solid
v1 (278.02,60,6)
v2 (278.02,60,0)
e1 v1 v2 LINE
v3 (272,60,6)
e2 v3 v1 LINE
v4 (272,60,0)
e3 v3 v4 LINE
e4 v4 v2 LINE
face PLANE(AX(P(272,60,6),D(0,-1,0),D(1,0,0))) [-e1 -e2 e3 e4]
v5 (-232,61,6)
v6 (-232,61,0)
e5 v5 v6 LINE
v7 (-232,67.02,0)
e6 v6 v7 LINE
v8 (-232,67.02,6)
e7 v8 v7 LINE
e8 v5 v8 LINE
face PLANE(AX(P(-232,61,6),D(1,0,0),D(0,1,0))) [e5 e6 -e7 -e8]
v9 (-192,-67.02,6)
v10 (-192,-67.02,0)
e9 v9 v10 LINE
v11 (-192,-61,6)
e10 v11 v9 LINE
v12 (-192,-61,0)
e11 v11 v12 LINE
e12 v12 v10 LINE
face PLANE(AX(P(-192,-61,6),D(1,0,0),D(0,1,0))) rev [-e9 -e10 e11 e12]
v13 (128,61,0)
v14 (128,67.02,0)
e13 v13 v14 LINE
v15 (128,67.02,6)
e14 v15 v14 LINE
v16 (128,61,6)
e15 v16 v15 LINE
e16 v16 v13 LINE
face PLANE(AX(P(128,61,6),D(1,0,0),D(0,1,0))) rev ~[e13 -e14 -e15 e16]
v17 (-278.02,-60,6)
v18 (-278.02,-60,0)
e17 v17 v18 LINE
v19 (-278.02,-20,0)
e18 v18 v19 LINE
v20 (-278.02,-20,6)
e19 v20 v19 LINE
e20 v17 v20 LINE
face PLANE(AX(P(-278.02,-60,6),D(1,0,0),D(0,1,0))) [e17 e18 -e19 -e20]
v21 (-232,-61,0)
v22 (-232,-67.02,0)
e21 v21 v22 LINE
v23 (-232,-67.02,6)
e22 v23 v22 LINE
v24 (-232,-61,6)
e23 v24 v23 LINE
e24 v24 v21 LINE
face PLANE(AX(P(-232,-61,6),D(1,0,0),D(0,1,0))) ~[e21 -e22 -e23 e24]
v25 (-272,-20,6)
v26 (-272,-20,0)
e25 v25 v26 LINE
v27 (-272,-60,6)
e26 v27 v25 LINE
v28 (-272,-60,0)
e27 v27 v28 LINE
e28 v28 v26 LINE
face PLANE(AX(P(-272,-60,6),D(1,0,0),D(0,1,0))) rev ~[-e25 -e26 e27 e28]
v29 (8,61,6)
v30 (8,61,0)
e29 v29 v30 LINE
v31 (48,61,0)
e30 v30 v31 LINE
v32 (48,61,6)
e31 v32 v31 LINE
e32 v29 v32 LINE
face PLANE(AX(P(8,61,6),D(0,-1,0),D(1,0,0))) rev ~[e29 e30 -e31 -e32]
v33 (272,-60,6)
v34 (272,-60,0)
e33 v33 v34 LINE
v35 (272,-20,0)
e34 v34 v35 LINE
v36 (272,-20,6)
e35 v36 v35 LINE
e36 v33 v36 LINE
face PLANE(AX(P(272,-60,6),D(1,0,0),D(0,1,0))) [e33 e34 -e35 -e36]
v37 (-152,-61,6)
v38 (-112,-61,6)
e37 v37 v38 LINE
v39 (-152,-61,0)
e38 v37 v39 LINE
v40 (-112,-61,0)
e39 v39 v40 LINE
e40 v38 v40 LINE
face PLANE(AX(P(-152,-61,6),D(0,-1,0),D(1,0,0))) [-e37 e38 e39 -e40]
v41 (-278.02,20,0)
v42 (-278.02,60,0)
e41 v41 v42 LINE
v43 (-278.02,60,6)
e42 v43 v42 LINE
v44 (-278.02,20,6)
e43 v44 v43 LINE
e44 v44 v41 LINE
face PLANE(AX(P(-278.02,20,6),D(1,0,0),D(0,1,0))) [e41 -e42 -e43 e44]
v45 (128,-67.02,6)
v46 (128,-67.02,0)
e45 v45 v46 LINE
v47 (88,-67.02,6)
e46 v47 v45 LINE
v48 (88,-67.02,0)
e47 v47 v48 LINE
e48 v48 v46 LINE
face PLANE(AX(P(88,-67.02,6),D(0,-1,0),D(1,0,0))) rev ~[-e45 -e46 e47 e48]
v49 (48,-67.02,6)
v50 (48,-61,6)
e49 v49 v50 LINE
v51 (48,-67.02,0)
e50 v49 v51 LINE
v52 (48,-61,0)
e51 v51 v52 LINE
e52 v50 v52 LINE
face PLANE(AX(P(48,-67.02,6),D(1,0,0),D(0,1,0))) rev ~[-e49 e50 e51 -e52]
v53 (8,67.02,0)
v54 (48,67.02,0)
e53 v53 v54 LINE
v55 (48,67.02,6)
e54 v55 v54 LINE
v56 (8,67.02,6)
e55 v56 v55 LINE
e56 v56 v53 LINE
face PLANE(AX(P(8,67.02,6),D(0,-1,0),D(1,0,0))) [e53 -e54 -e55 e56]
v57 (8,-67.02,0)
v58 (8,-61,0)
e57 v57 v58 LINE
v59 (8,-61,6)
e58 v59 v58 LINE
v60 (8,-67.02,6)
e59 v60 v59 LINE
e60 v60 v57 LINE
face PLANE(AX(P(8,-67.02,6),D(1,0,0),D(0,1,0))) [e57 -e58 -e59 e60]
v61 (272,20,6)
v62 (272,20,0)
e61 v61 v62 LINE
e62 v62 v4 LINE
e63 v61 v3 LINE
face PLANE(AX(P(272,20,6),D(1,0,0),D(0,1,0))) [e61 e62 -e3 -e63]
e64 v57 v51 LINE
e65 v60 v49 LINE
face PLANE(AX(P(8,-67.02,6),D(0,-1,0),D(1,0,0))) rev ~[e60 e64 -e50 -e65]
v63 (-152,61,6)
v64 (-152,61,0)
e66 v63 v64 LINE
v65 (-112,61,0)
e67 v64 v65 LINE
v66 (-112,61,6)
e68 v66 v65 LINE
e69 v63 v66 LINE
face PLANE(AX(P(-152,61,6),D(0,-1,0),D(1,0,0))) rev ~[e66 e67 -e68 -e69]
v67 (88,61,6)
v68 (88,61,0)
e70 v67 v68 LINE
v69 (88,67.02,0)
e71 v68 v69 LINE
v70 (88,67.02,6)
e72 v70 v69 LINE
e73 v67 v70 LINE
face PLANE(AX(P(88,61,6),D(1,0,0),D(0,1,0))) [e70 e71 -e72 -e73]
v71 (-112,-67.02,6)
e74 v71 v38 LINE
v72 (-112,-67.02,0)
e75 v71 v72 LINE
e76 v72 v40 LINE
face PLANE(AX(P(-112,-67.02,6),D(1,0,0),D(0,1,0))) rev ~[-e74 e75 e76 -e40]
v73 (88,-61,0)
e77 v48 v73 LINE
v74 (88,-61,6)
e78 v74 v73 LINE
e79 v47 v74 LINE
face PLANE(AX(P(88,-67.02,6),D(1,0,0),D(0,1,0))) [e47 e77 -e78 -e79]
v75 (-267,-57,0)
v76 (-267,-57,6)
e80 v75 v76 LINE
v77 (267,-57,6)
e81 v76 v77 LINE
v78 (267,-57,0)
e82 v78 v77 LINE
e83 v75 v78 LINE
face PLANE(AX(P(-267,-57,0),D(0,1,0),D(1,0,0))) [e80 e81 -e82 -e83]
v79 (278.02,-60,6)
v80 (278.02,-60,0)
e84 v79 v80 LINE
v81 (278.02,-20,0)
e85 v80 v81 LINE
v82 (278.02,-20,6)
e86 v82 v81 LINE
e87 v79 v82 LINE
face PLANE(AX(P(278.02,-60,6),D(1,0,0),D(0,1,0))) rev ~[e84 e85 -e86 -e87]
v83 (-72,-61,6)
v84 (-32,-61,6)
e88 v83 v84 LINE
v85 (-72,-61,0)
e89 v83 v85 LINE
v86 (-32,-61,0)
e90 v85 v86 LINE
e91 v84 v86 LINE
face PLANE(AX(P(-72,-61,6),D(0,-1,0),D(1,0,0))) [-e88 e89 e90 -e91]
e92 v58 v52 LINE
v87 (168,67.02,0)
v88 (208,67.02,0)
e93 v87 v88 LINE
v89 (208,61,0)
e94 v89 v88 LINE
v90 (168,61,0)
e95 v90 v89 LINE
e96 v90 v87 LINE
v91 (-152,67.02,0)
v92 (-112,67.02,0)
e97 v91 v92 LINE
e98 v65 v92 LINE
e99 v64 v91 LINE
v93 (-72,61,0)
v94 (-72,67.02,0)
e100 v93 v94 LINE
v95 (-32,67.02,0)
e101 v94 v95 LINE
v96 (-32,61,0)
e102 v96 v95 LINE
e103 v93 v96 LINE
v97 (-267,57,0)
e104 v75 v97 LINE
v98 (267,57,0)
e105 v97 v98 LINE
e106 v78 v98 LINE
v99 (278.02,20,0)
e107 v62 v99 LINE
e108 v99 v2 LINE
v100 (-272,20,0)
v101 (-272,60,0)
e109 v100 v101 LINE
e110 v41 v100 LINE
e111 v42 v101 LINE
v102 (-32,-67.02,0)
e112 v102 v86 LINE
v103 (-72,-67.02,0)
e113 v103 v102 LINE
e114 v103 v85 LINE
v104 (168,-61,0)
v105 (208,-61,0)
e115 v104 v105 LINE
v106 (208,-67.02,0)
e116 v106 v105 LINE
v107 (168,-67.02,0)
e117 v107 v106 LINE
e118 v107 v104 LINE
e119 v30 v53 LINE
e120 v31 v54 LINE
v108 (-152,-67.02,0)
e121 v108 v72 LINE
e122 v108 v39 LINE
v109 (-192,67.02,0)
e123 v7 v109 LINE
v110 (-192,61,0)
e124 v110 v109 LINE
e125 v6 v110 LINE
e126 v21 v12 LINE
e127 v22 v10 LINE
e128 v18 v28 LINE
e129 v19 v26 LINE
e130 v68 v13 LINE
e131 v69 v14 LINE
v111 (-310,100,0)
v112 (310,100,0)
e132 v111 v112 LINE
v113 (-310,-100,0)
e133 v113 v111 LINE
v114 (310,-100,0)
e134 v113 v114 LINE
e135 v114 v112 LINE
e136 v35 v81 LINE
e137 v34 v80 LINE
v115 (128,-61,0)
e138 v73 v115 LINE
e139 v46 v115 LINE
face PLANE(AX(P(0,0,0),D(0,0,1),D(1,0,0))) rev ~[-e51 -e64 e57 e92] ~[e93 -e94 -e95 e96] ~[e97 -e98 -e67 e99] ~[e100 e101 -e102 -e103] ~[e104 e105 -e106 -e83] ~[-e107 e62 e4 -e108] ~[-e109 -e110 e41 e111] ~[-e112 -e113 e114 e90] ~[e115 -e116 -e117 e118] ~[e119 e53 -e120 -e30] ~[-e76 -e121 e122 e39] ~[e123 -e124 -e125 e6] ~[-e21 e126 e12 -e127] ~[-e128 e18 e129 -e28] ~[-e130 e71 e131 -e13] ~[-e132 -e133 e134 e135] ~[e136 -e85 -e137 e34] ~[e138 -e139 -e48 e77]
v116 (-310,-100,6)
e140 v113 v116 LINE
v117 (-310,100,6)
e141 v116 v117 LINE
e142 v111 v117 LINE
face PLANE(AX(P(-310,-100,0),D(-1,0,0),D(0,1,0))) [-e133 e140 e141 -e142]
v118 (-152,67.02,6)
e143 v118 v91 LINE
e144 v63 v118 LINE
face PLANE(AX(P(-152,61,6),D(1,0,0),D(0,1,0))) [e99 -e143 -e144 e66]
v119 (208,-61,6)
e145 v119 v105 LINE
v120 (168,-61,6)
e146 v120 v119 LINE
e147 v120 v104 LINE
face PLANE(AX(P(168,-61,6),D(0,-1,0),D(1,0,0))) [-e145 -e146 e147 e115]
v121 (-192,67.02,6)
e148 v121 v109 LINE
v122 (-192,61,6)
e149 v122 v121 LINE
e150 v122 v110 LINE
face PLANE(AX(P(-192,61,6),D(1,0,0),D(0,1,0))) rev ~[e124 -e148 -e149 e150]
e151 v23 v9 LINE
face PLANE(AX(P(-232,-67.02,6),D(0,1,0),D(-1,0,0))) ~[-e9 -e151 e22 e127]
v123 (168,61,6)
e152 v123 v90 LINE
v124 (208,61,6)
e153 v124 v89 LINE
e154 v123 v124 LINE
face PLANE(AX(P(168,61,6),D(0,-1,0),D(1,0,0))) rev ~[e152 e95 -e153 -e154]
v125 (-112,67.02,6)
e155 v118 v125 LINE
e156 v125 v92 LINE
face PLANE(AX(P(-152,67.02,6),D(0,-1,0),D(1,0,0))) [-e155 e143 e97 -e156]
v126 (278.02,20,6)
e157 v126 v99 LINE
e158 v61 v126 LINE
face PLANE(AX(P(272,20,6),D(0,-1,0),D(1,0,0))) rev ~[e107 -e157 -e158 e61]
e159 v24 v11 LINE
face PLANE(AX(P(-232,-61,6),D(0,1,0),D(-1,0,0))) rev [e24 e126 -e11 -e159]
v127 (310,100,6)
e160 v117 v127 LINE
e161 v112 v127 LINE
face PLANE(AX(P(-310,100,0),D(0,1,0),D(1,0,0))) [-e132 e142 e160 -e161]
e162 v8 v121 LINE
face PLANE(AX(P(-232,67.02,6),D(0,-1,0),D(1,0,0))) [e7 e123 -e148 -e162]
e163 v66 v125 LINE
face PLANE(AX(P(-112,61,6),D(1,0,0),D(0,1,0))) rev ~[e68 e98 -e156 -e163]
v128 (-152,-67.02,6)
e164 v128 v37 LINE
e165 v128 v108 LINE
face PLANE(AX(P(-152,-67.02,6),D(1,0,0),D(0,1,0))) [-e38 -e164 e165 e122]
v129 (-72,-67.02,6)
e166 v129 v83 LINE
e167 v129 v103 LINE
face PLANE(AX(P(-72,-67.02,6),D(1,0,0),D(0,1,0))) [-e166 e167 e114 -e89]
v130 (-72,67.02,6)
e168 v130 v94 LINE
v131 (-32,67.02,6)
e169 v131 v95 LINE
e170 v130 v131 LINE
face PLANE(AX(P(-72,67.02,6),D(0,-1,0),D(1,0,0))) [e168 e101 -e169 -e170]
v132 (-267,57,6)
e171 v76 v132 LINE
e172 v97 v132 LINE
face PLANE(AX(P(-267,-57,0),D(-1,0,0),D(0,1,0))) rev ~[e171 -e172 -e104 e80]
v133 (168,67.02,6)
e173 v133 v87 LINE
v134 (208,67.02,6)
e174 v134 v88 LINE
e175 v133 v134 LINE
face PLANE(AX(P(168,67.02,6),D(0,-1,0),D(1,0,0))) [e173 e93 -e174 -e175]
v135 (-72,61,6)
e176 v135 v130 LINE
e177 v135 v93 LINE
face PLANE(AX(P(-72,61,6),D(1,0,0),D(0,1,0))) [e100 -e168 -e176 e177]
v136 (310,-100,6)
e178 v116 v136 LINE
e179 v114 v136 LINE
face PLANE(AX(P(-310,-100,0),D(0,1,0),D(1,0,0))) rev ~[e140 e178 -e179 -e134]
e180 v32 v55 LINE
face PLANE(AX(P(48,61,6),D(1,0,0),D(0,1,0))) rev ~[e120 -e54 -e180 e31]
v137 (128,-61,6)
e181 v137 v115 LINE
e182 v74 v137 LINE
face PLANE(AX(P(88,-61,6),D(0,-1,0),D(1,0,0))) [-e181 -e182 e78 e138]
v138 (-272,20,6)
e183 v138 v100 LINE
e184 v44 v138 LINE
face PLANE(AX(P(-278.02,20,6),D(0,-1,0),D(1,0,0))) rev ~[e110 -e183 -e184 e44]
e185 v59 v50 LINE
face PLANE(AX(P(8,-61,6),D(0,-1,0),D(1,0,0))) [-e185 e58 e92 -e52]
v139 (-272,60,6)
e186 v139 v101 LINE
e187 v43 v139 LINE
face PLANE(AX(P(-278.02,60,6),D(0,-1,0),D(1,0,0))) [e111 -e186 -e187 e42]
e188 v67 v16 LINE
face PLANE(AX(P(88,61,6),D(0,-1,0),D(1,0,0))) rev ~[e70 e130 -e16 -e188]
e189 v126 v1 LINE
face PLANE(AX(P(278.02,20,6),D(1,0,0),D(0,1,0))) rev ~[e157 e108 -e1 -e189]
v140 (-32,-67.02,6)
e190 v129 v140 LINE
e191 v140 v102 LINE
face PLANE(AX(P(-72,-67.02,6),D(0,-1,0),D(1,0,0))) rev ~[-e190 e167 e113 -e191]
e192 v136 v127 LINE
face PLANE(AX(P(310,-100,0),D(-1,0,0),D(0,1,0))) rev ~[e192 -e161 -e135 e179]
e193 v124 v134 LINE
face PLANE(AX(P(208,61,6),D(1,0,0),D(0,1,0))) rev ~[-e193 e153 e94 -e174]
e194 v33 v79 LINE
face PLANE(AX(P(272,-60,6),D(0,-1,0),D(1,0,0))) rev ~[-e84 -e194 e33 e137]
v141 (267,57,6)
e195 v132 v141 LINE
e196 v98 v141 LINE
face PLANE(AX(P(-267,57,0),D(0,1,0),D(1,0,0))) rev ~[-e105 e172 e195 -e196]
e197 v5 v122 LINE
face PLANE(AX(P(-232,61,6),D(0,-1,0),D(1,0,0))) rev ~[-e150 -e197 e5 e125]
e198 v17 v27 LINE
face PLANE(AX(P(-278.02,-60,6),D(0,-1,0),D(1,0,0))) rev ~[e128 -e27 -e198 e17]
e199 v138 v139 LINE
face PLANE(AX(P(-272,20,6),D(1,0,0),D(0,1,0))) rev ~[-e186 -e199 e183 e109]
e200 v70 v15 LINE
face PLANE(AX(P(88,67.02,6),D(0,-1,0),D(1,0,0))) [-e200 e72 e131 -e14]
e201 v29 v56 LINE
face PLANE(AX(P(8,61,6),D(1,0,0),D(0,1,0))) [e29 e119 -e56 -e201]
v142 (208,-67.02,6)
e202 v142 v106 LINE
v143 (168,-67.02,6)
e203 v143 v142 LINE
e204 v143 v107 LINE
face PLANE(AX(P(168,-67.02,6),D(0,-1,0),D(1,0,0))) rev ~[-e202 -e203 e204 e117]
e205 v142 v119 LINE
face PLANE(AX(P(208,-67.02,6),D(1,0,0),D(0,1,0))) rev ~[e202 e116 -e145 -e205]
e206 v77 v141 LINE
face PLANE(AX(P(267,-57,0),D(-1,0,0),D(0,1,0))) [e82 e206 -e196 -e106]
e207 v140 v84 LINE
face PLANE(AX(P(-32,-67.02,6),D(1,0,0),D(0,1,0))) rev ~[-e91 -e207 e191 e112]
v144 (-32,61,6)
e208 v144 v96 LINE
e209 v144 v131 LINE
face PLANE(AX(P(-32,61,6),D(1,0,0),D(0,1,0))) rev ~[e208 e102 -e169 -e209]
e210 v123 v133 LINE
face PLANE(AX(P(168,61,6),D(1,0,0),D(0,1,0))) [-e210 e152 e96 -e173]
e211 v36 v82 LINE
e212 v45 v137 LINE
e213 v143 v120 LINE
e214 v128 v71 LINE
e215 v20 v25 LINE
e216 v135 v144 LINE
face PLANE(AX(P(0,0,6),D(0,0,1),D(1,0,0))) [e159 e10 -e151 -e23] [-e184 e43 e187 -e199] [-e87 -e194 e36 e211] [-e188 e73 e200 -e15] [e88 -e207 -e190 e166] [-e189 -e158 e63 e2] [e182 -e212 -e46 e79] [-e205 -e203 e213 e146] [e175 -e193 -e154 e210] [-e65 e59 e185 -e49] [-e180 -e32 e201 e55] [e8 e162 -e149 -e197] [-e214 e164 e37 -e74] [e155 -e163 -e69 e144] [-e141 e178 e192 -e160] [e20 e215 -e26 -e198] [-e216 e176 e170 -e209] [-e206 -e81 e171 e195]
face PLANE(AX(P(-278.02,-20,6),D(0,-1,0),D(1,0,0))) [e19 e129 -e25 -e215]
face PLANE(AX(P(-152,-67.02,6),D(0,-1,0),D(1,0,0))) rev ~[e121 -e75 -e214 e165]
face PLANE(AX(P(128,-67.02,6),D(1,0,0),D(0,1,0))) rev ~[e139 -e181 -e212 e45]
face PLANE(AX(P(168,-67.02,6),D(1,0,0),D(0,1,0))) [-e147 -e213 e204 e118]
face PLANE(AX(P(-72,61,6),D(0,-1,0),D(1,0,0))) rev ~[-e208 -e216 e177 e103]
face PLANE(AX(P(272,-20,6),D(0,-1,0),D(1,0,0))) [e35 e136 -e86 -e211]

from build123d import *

# Parameters (mm, degrees)
CROQUIS1_W                = 620
CROQUIS1_H                = 200
CROQUIS1_W_2              = 534
CROQUIS1_H_2              = 114
SALIENTE_EXTRUIR1_DEPTH   = 6
CROQUIS2_W                = 6.02
CROQUIS2_H                = 40
CORTAR_EXTRUIR1_DEPTH     = 6
CROQUIS3_W                = 40
CROQUIS3_H                = 6.02
CORTAR_EXTRUIR2_DEPTH     = 6
MATRIZL1_COUNT            = 6
MATRIZL1_PITCH            = 80
SIMETR_A1_COPY_1_SKETCH_W = 40
SIMETR_A1_COPY_1_SKETCH_H = 6.02
SIMETR_A1_COPY_1_DEPTH    = 6
SIMETR_A1_COPY_2_SKETCH_W = 40
SIMETR_A1_COPY_2_SKETCH_H = 6.02
SIMETR_A1_COPY_2_DEPTH    = 6
SIMETR_A1_COPY_3_SKETCH_W = 40
SIMETR_A1_COPY_3_SKETCH_H = 6.02
SIMETR_A1_COPY_3_DEPTH    = 6
SIMETR_A1_COPY_4_SKETCH_W = 40
SIMETR_A1_COPY_4_SKETCH_H = 6.02
SIMETR_A1_COPY_4_DEPTH    = 6
SIMETR_A1_COPY_5_SKETCH_W = 40
SIMETR_A1_COPY_5_SKETCH_H = 6.02
SIMETR_A1_COPY_5_DEPTH    = 6


with BuildPart() as part:
    # Croquis1 → Saliente-Extruir1 (new body)
    with BuildSketch(Plane.XY):
        Rectangle(CROQUIS1_W, CROQUIS1_H)
        Rectangle(CROQUIS1_W_2, CROQUIS1_H_2, mode=Mode.SUBTRACT)
    extrude(amount=SALIENTE_EXTRUIR1_DEPTH)

    # Croquis2 → Cortar-Extruir1 (cut)
    with BuildSketch(Plane.XY.offset(6)):
        with Locations((-275.01, 40)):
            Rectangle(CROQUIS2_W, CROQUIS2_H)
        with Locations((-275.01, -40)):
            Rectangle(CROQUIS2_W, CROQUIS2_H)
        with Locations((275.01, -40)):
            Rectangle(CROQUIS2_W, CROQUIS2_H)
        with Locations((275.01, 40)):
            Rectangle(CROQUIS2_W, CROQUIS2_H)
    extrude(amount=-CORTAR_EXTRUIR1_DEPTH, mode=Mode.SUBTRACT)

    # Croquis3 → Cortar-Extruir2 (cut)
    with BuildSketch(Plane.XY.offset(6)):
        with Locations((-212, 64.01)):
            Rectangle(CROQUIS3_W, CROQUIS3_H)
    cortar_extruir2 = extrude(amount=-CORTAR_EXTRUIR2_DEPTH, mode=Mode.SUBTRACT)

    # MatrizL1: Cortar-Extruir2 ×6
    with Locations(*[(i * MATRIZL1_PITCH, 0, 0) for i in range(1, MATRIZL1_COUNT)]):
        add(cortar_extruir2, mode=Mode.SUBTRACT)

    # Simetría1: Cortar-Extruir2 across plane
    add(cortar_extruir2.mirror(Plane.ZX), mode=Mode.SUBTRACT)

    # Simetría1 copy 1 sketch → Simetría1 copy 1 (cut)
    with BuildSketch(Plane(origin=(80, 0, 6), x_dir=(1, 0, 0), z_dir=(0, 0, 1))):
        with Locations((-212, -64.01)):
            Rectangle(SIMETR_A1_COPY_1_SKETCH_W, SIMETR_A1_COPY_1_SKETCH_H)
    extrude(amount=-SIMETR_A1_COPY_1_DEPTH, mode=Mode.SUBTRACT)

    # Simetría1 copy 2 sketch → Simetría1 copy 2 (cut)
    with BuildSketch(Plane(origin=(160, 0, 6), x_dir=(1, 0, 0), z_dir=(0, 0, 1))):
        with Locations((-212, -64.01)):
            Rectangle(SIMETR_A1_COPY_2_SKETCH_W, SIMETR_A1_COPY_2_SKETCH_H)
    extrude(amount=-SIMETR_A1_COPY_2_DEPTH, mode=Mode.SUBTRACT)

    # Simetría1 copy 3 sketch → Simetría1 copy 3 (cut)
    with BuildSketch(Plane(origin=(240, 0, 6), x_dir=(1, 0, 0), z_dir=(0, 0, 1))):
        with Locations((-212, -64.01)):
            Rectangle(SIMETR_A1_COPY_3_SKETCH_W, SIMETR_A1_COPY_3_SKETCH_H)
    extrude(amount=-SIMETR_A1_COPY_3_DEPTH, mode=Mode.SUBTRACT)

    # Simetría1 copy 4 sketch → Simetría1 copy 4 (cut)
    with BuildSketch(Plane(origin=(320, 0, 6), x_dir=(1, 0, 0), z_dir=(0, 0, 1))):
        with Locations((-212, -64.01)):
            Rectangle(SIMETR_A1_COPY_4_SKETCH_W, SIMETR_A1_COPY_4_SKETCH_H)
    extrude(amount=-SIMETR_A1_COPY_4_DEPTH, mode=Mode.SUBTRACT)

    # Simetría1 copy 5 sketch → Simetría1 copy 5 (cut)
    with BuildSketch(Plane(origin=(400, 0, 6), x_dir=(1, 0, 0), z_dir=(0, 0, 1))):
        with Locations((-212, -64.01)):
            Rectangle(SIMETR_A1_COPY_5_SKETCH_W, SIMETR_A1_COPY_5_SKETCH_H)
    extrude(amount=-SIMETR_A1_COPY_5_DEPTH, mode=Mode.SUBTRACT)


solid = part.part
